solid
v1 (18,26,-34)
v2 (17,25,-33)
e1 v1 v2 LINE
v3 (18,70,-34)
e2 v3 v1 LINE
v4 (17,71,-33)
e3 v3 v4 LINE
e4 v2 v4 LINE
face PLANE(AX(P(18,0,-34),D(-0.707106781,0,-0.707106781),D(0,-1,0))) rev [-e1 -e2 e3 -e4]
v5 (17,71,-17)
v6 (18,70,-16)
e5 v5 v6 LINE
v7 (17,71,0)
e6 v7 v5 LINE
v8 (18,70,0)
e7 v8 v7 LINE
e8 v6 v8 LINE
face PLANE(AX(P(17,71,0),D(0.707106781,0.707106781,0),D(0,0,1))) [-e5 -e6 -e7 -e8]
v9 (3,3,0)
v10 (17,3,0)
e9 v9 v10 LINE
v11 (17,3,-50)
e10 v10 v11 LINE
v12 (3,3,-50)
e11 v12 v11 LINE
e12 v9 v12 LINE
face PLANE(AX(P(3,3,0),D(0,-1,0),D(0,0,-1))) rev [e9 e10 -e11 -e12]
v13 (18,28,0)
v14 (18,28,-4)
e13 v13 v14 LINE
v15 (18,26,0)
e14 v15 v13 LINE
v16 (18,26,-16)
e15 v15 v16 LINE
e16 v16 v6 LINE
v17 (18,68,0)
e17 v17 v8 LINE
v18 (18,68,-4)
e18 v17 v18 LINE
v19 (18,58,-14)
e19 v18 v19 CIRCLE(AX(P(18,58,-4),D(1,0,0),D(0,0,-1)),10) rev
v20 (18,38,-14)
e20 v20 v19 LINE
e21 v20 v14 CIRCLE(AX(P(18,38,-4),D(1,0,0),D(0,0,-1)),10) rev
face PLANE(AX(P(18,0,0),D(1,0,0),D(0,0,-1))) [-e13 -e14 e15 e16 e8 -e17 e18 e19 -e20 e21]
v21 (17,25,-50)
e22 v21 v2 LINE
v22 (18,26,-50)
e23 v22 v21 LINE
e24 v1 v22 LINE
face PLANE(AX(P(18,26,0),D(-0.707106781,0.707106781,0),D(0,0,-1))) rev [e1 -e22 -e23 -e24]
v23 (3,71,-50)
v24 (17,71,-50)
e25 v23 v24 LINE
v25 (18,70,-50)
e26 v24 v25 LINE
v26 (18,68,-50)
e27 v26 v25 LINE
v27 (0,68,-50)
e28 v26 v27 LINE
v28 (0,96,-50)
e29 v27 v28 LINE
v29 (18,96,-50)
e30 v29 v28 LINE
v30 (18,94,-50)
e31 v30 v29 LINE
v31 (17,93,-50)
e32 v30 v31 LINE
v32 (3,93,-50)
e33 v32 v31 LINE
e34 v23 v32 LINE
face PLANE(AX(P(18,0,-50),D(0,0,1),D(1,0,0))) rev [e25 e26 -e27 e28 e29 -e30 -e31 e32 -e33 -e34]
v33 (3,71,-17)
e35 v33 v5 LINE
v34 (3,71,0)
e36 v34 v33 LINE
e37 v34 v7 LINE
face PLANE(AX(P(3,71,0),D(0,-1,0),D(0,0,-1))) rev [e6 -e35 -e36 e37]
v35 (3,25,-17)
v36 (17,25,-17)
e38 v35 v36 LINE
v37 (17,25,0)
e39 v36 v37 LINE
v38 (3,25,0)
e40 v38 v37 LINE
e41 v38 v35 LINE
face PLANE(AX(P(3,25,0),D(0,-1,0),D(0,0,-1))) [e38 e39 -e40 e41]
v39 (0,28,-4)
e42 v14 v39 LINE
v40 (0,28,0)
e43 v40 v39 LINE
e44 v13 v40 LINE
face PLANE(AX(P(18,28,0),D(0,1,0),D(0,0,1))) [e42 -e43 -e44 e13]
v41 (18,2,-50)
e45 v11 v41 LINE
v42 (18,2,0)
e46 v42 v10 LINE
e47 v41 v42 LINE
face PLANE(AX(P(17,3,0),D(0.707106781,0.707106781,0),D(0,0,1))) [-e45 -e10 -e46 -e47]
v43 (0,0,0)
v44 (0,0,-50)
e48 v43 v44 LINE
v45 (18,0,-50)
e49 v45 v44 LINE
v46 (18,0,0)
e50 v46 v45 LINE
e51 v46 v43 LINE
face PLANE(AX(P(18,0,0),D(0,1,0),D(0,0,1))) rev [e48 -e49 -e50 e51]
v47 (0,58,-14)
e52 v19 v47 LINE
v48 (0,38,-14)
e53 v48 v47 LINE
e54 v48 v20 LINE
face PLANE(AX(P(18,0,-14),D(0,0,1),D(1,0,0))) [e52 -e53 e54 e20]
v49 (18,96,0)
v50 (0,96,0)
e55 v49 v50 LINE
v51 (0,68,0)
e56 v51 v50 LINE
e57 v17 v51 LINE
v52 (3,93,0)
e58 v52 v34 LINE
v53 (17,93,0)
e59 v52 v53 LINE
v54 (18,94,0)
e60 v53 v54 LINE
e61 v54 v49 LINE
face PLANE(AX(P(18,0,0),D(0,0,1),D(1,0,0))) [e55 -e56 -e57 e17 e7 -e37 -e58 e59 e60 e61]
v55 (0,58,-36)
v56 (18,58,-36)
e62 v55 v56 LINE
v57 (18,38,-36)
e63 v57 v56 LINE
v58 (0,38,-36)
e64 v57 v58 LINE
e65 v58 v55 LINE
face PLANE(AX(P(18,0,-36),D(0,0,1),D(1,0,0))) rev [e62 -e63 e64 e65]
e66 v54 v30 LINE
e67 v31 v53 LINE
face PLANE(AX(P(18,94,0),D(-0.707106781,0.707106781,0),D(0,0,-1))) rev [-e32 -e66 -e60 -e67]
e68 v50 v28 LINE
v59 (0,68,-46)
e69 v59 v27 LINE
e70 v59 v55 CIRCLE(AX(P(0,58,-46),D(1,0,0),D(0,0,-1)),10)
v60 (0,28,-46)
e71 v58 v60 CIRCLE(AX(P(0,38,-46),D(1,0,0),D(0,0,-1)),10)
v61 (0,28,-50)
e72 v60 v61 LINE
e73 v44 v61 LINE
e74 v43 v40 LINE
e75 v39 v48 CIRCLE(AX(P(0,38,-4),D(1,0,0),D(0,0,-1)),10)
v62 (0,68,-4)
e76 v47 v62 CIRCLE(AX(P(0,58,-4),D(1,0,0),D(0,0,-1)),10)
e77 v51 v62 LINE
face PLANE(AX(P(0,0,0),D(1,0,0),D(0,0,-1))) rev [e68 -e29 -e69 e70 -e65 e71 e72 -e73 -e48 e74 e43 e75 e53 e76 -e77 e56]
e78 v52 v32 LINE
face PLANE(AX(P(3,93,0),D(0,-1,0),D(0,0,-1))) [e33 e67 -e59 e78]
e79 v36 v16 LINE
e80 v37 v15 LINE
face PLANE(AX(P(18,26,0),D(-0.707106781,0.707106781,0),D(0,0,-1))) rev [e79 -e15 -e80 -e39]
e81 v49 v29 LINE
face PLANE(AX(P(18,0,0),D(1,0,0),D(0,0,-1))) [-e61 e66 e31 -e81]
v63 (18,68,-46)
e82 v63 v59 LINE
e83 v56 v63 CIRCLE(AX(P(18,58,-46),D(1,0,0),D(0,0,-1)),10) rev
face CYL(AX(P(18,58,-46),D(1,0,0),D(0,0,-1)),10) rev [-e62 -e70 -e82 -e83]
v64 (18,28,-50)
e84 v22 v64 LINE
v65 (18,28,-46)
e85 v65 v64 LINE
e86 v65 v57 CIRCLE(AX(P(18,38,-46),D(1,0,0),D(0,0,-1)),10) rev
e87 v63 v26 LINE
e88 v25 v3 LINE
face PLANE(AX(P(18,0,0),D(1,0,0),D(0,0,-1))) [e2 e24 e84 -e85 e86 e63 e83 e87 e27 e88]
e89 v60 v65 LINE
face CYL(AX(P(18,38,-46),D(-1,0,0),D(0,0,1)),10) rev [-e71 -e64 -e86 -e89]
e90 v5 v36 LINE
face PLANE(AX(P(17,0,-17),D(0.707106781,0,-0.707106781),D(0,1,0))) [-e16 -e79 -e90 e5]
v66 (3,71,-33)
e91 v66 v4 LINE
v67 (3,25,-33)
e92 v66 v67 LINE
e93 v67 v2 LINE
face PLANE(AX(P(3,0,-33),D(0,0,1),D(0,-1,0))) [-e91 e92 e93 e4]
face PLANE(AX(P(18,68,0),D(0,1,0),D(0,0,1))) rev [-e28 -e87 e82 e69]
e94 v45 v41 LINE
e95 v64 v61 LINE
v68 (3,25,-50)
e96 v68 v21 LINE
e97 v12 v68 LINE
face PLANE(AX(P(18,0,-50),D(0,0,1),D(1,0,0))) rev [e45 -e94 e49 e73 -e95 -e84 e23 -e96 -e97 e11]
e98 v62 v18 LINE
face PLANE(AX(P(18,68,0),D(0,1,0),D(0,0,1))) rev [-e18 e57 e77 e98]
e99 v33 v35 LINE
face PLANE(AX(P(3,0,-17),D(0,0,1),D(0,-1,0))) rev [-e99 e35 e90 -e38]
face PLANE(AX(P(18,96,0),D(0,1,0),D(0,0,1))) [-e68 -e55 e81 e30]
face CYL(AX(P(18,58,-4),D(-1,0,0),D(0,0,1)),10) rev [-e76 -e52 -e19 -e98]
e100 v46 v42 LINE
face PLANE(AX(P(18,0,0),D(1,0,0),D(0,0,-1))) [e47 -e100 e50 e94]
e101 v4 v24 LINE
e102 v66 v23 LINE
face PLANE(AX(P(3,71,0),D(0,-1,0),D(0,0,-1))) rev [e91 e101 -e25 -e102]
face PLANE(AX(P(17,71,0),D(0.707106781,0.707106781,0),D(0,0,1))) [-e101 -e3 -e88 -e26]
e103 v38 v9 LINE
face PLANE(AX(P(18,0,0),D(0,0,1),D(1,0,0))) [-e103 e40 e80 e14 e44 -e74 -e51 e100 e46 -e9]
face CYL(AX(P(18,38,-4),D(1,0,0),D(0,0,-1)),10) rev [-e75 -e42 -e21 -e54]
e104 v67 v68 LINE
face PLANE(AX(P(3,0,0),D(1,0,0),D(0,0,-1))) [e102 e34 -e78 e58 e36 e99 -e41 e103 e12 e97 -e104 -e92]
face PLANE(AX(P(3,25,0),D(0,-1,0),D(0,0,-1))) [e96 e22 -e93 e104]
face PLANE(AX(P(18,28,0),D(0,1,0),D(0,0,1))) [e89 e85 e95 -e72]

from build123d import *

# Parameters (mm, degrees)
SKETCH1_W           = 22
SKETCH1_H           = 40
SKETCH1_W_2         = 50
SKETCH1_H_2         = 28
BOSS_EXTRUDE1_DEPTH = 18
SKETCH2_W           = 16
SKETCH2_H           = 46
CUT_EXTRUDE1_DEPTH  = 15
FILLET1_R           = 10
CHAMFER1_SIZE       = 1


with BuildPart() as part:
    # Sketch1 → Boss-Extrude1 (new body)
    with BuildSketch(Plane(origin=(0, 0, 0), x_dir=(0, 0, -1), z_dir=(1, 0, 0))):
        Polygon((0, 68), (14, 68), (36, 68), (50, 68), (50, 96), (0, 96), align=None)
        with Locations((25, 48)):
            Rectangle(SKETCH1_W, SKETCH1_H)
        with Locations((25, 14)):
            Rectangle(SKETCH1_W_2, SKETCH1_H_2)
    extrude(amount=BOSS_EXTRUDE1_DEPTH)

    # Sketch2 → Cut-Extrude1 (cut)
    with BuildSketch(Plane(origin=(18, 0, 0), x_dir=(0, 0, -1), z_dir=(1, 0, 0))):
        Polygon((50, 93), (0, 93), (0, 71), (17, 71), (33, 71), (50, 71), align=None)
        with Locations((25, 48)):
            Rectangle(SKETCH2_W, SKETCH2_H)
        Polygon((33, 25), (17, 25), (0, 25), (0, 3), (50, 3), (50, 25), align=None)
    extrude(amount=-CUT_EXTRUDE1_DEPTH, mode=Mode.SUBTRACT)

    # Fillet1
    fillet1_edges = [part.edges().sort_by_distance(p)[0] for p in [
        (9, 68, -36),
        (9, 28, -36),
        (9, 28, -14),
        (9, 68, -14),
    ]]
    fillet(fillet1_edges, radius=FILLET1_R)

    # Chamfer1
    chamfer1_edges = [part.edges().sort_by_distance(p)[0] for p in [
        (18, 93, -25),
        (18, 48, -33),
        (18, 25, -41.5),
        (18, 25, -8.5),
        (18, 71, -8.5),
        (18, 48, -17),
        (18, 3, -25),
        (18, 71, -41.5),
    ]]
    chamfer(chamfer1_edges, length=CHAMFER1_SIZE)


solid = part.part
